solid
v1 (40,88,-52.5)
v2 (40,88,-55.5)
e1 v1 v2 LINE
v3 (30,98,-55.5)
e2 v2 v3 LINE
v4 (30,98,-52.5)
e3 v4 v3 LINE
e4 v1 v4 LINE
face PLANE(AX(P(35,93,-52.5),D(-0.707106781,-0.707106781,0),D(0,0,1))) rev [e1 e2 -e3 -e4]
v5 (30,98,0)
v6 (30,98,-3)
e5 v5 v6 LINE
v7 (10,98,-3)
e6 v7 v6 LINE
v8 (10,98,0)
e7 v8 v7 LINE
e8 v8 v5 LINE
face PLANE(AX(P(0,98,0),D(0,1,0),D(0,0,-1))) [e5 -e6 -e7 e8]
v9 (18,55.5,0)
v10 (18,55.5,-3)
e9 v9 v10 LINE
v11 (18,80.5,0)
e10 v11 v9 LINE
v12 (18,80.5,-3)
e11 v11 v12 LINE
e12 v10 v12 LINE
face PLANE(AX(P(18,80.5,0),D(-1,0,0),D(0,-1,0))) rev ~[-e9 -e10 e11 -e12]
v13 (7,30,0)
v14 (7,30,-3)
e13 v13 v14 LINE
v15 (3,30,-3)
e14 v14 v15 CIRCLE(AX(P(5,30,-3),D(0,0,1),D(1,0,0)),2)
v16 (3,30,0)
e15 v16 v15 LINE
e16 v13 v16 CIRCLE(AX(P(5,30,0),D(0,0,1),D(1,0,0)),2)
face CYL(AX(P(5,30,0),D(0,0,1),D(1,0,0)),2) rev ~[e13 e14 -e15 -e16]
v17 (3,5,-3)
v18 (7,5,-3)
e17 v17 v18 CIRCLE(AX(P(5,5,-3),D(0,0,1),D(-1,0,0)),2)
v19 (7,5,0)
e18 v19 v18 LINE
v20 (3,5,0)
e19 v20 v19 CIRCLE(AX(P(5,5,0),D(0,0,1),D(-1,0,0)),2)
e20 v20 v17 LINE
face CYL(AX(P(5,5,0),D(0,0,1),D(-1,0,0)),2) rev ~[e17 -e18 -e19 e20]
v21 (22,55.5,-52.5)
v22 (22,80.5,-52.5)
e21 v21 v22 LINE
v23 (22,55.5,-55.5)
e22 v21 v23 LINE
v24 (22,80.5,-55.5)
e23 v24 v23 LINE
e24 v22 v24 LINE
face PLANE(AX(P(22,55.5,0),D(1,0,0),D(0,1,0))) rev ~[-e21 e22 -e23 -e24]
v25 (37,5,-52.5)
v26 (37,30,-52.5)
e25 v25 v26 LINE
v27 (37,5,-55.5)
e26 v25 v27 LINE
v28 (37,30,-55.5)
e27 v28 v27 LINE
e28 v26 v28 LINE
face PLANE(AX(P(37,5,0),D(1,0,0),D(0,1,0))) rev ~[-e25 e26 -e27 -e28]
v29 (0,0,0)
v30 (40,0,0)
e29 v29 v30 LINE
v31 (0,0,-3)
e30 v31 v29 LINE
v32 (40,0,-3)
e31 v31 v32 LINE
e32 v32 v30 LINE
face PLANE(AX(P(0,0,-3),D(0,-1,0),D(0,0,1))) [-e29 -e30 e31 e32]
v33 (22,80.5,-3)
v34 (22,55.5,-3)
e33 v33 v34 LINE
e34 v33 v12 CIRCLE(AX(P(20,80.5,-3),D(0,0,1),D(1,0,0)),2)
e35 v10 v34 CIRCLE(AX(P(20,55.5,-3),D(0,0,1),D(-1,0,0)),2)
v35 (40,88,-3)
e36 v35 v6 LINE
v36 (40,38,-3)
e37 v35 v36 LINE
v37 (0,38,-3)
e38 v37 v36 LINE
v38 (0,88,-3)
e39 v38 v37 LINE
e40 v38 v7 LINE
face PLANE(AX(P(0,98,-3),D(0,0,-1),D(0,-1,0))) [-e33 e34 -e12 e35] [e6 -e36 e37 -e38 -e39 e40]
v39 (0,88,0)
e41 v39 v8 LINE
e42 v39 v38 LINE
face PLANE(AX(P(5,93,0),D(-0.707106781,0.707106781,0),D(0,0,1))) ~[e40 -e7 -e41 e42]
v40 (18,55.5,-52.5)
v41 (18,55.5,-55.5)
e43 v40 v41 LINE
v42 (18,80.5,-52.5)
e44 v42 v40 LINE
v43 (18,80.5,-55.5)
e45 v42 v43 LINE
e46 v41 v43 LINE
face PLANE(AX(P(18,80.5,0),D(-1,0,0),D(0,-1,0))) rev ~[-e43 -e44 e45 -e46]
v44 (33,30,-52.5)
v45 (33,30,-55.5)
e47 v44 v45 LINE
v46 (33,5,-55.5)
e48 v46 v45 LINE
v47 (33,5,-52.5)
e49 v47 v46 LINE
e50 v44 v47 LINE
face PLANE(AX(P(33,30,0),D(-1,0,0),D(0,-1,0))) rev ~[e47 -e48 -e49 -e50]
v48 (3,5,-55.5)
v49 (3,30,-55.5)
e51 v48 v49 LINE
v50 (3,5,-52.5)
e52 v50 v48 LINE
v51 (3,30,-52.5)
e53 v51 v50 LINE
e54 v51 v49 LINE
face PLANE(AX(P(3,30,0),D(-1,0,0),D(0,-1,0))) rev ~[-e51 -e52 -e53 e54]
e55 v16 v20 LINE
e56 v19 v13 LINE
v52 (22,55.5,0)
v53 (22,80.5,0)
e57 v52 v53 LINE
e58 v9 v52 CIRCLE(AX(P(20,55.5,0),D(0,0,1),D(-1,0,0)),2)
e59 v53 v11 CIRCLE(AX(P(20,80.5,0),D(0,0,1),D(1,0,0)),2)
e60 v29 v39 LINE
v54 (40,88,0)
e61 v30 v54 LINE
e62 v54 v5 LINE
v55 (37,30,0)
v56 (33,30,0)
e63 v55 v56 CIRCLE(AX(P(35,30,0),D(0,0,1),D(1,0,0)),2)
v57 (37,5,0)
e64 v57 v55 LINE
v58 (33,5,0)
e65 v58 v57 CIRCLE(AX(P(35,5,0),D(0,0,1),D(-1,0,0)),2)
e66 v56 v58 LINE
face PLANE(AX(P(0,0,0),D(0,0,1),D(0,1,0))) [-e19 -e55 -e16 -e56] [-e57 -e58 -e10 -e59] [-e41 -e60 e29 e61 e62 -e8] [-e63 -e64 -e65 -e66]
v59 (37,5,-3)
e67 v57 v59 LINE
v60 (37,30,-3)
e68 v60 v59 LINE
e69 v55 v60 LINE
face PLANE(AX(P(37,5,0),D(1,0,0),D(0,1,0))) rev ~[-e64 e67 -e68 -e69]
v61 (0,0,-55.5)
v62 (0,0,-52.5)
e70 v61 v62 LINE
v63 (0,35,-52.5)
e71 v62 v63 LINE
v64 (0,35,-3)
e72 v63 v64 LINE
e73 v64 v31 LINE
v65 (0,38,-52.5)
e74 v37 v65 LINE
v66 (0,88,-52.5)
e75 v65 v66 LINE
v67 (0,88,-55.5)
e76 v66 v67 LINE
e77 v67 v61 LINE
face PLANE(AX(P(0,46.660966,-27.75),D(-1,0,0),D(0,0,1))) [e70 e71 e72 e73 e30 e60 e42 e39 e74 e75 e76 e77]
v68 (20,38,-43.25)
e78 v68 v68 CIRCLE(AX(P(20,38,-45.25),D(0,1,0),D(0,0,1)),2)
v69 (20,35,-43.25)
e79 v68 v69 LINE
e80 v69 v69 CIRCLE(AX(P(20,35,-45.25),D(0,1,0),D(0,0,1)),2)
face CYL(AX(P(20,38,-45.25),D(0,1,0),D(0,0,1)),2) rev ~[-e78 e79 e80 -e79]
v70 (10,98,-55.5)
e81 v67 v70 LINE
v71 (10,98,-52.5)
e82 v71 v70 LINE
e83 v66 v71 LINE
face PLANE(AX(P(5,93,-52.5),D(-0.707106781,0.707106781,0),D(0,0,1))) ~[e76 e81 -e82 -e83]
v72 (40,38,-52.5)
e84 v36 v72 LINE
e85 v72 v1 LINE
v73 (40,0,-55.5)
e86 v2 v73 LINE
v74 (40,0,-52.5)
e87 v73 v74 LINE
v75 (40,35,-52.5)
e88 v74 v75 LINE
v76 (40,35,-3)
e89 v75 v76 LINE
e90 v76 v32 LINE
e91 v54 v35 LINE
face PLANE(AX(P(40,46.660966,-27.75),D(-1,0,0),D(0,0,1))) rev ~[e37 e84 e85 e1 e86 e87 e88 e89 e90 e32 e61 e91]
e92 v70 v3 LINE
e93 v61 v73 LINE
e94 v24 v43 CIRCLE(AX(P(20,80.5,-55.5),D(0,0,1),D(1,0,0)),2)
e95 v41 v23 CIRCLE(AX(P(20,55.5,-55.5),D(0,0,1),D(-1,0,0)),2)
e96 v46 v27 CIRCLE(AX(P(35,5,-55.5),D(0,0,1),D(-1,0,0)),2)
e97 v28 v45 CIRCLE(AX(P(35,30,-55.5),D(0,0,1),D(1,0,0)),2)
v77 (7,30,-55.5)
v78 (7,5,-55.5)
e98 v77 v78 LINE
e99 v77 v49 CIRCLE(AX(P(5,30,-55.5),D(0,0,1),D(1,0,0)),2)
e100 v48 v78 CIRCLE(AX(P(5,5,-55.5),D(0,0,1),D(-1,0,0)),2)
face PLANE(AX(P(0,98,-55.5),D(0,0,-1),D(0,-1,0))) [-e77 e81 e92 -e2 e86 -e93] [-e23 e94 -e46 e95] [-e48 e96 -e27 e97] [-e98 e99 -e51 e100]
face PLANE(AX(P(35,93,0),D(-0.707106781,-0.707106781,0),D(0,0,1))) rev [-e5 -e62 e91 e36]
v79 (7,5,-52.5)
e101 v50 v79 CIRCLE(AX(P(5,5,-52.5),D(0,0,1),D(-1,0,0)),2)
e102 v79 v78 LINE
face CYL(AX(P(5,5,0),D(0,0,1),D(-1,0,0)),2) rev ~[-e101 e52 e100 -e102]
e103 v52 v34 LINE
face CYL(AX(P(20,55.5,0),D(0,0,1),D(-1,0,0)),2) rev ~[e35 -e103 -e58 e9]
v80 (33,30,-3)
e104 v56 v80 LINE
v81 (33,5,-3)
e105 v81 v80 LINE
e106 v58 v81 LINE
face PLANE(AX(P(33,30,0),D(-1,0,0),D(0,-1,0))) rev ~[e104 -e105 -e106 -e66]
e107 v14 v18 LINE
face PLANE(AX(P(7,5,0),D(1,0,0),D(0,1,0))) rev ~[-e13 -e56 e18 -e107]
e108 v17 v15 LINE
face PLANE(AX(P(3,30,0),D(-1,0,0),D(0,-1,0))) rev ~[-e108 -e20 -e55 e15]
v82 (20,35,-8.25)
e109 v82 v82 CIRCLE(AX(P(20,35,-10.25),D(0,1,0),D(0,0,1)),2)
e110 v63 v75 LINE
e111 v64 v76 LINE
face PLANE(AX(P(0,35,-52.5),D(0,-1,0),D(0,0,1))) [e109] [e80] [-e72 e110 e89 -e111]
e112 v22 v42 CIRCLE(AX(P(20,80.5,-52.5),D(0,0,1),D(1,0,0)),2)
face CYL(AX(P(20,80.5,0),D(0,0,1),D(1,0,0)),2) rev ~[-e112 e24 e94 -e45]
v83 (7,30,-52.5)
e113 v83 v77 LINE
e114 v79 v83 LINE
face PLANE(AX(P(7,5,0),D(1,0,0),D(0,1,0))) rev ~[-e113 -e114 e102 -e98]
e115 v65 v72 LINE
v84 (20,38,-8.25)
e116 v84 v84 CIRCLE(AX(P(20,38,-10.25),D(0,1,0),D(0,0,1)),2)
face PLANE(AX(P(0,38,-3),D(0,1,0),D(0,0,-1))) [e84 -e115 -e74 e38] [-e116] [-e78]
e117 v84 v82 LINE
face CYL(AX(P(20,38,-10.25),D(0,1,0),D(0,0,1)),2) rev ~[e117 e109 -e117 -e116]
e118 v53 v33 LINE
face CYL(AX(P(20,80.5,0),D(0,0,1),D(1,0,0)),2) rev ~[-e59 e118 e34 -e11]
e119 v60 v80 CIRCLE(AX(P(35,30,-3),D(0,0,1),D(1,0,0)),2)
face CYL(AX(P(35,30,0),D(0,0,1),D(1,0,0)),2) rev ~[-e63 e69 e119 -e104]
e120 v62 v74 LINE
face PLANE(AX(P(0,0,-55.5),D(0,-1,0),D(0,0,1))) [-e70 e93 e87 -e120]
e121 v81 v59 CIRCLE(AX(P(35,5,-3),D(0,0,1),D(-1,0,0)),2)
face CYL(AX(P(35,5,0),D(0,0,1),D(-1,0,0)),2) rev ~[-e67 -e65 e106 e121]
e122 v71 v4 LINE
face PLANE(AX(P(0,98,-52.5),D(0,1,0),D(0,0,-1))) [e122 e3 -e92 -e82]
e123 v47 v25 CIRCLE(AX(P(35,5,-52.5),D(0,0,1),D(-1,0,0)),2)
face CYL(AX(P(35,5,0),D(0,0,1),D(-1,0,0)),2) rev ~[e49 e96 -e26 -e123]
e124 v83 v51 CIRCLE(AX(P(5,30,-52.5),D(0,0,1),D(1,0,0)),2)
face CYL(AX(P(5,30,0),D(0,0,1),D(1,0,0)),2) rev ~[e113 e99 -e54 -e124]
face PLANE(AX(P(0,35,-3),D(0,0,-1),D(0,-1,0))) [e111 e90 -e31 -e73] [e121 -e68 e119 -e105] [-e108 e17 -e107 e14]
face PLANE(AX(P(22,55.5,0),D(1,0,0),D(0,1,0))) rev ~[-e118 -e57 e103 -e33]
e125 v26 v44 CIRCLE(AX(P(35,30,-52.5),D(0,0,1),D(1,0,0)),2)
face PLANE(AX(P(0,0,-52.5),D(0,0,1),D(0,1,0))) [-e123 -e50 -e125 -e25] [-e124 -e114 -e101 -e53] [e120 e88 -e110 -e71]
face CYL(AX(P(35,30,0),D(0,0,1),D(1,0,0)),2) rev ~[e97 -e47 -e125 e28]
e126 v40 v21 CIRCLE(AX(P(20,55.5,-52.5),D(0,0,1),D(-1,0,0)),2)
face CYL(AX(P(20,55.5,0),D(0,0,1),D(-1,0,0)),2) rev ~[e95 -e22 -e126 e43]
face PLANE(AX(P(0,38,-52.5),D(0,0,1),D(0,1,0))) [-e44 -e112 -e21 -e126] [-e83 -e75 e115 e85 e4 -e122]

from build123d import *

# Parameters (mm, degrees)
SALIENTE_EXTRUIR1_DEPTH = 40
CORTAR_EXTRUIR1_DEPTH   = 79
CHAFL_N1_SIZE           = 10
CROQUIS6_R              = 2
CORTAR_EXTRUIR2_DEPTH   = 9


with BuildPart() as part:
    # Croquis1 → Saliente-Extruir1 (new body)
    with BuildSketch(Plane(origin=(0, 0, 0), x_dir=(0, 0, -1), z_dir=(1, 0, 0))):
        Polygon((0, 0), (0, 98), (3, 98), (3, 38), (52.5, 38), (52.5, 98), (55.5, 98), (55.5, 0), (52.5, 0), (52.5, 35), (3, 35), (3, 0), align=None)
    extrude(amount=SALIENTE_EXTRUIR1_DEPTH)

    # Croquis3 → Cortar-Extruir1 (cut)
    with BuildSketch(Plane.XY):
        with BuildLine():
            Line((18, 80.5), (18, 55.5))
            ThreePointArc((18, 55.5), (20, 53.5), (22, 55.5))
            Line((22, 55.5), (22, 80.5))
            ThreePointArc((22, 80.5), (20, 82.5), (18, 80.5))
        make_face()
        with BuildLine():
            Line((3, 30), (3, 5))
            ThreePointArc((3, 5), (5, 3), (7, 5))
            Line((7, 5), (7, 30))
            ThreePointArc((7, 30), (5, 32), (3, 30))
        make_face()
        with BuildLine():
            Line((33, 30), (33, 5))
            ThreePointArc((33, 5), (35, 3), (37, 5))
            Line((37, 5), (37, 30))
            ThreePointArc((37, 30), (35, 32), (33, 30))
        make_face()
    extrude(amount=-CORTAR_EXTRUIR1_DEPTH, mode=Mode.SUBTRACT)

    # Chaflán1
    chafl_n1_edges = [part.edges().sort_by_distance(p)[0] for p in [
        (0, 98, -1.5),
        (0, 98, -54),
        (40, 98, -54),
        (40, 98, -1.5),
    ]]
    chamfer(chafl_n1_edges, length=CHAFL_N1_SIZE)

    # Croquis6 → Cortar-Extruir2 (cut)
    with BuildSketch(Plane(origin=(0, 38, 0), x_dir=(1, 0, 0), z_dir=(0, 1, 0))):
        with Locations(Location((20, 45.25, 0), (0, 0, 270))):
            Circle(CROQUIS6_R)
        with Locations(Location((20, 10.25, 0), (0, 0, 270))):
            Circle(CROQUIS6_R)
    extrude(amount=-CORTAR_EXTRUIR2_DEPTH, mode=Mode.SUBTRACT)


solid = part.part
